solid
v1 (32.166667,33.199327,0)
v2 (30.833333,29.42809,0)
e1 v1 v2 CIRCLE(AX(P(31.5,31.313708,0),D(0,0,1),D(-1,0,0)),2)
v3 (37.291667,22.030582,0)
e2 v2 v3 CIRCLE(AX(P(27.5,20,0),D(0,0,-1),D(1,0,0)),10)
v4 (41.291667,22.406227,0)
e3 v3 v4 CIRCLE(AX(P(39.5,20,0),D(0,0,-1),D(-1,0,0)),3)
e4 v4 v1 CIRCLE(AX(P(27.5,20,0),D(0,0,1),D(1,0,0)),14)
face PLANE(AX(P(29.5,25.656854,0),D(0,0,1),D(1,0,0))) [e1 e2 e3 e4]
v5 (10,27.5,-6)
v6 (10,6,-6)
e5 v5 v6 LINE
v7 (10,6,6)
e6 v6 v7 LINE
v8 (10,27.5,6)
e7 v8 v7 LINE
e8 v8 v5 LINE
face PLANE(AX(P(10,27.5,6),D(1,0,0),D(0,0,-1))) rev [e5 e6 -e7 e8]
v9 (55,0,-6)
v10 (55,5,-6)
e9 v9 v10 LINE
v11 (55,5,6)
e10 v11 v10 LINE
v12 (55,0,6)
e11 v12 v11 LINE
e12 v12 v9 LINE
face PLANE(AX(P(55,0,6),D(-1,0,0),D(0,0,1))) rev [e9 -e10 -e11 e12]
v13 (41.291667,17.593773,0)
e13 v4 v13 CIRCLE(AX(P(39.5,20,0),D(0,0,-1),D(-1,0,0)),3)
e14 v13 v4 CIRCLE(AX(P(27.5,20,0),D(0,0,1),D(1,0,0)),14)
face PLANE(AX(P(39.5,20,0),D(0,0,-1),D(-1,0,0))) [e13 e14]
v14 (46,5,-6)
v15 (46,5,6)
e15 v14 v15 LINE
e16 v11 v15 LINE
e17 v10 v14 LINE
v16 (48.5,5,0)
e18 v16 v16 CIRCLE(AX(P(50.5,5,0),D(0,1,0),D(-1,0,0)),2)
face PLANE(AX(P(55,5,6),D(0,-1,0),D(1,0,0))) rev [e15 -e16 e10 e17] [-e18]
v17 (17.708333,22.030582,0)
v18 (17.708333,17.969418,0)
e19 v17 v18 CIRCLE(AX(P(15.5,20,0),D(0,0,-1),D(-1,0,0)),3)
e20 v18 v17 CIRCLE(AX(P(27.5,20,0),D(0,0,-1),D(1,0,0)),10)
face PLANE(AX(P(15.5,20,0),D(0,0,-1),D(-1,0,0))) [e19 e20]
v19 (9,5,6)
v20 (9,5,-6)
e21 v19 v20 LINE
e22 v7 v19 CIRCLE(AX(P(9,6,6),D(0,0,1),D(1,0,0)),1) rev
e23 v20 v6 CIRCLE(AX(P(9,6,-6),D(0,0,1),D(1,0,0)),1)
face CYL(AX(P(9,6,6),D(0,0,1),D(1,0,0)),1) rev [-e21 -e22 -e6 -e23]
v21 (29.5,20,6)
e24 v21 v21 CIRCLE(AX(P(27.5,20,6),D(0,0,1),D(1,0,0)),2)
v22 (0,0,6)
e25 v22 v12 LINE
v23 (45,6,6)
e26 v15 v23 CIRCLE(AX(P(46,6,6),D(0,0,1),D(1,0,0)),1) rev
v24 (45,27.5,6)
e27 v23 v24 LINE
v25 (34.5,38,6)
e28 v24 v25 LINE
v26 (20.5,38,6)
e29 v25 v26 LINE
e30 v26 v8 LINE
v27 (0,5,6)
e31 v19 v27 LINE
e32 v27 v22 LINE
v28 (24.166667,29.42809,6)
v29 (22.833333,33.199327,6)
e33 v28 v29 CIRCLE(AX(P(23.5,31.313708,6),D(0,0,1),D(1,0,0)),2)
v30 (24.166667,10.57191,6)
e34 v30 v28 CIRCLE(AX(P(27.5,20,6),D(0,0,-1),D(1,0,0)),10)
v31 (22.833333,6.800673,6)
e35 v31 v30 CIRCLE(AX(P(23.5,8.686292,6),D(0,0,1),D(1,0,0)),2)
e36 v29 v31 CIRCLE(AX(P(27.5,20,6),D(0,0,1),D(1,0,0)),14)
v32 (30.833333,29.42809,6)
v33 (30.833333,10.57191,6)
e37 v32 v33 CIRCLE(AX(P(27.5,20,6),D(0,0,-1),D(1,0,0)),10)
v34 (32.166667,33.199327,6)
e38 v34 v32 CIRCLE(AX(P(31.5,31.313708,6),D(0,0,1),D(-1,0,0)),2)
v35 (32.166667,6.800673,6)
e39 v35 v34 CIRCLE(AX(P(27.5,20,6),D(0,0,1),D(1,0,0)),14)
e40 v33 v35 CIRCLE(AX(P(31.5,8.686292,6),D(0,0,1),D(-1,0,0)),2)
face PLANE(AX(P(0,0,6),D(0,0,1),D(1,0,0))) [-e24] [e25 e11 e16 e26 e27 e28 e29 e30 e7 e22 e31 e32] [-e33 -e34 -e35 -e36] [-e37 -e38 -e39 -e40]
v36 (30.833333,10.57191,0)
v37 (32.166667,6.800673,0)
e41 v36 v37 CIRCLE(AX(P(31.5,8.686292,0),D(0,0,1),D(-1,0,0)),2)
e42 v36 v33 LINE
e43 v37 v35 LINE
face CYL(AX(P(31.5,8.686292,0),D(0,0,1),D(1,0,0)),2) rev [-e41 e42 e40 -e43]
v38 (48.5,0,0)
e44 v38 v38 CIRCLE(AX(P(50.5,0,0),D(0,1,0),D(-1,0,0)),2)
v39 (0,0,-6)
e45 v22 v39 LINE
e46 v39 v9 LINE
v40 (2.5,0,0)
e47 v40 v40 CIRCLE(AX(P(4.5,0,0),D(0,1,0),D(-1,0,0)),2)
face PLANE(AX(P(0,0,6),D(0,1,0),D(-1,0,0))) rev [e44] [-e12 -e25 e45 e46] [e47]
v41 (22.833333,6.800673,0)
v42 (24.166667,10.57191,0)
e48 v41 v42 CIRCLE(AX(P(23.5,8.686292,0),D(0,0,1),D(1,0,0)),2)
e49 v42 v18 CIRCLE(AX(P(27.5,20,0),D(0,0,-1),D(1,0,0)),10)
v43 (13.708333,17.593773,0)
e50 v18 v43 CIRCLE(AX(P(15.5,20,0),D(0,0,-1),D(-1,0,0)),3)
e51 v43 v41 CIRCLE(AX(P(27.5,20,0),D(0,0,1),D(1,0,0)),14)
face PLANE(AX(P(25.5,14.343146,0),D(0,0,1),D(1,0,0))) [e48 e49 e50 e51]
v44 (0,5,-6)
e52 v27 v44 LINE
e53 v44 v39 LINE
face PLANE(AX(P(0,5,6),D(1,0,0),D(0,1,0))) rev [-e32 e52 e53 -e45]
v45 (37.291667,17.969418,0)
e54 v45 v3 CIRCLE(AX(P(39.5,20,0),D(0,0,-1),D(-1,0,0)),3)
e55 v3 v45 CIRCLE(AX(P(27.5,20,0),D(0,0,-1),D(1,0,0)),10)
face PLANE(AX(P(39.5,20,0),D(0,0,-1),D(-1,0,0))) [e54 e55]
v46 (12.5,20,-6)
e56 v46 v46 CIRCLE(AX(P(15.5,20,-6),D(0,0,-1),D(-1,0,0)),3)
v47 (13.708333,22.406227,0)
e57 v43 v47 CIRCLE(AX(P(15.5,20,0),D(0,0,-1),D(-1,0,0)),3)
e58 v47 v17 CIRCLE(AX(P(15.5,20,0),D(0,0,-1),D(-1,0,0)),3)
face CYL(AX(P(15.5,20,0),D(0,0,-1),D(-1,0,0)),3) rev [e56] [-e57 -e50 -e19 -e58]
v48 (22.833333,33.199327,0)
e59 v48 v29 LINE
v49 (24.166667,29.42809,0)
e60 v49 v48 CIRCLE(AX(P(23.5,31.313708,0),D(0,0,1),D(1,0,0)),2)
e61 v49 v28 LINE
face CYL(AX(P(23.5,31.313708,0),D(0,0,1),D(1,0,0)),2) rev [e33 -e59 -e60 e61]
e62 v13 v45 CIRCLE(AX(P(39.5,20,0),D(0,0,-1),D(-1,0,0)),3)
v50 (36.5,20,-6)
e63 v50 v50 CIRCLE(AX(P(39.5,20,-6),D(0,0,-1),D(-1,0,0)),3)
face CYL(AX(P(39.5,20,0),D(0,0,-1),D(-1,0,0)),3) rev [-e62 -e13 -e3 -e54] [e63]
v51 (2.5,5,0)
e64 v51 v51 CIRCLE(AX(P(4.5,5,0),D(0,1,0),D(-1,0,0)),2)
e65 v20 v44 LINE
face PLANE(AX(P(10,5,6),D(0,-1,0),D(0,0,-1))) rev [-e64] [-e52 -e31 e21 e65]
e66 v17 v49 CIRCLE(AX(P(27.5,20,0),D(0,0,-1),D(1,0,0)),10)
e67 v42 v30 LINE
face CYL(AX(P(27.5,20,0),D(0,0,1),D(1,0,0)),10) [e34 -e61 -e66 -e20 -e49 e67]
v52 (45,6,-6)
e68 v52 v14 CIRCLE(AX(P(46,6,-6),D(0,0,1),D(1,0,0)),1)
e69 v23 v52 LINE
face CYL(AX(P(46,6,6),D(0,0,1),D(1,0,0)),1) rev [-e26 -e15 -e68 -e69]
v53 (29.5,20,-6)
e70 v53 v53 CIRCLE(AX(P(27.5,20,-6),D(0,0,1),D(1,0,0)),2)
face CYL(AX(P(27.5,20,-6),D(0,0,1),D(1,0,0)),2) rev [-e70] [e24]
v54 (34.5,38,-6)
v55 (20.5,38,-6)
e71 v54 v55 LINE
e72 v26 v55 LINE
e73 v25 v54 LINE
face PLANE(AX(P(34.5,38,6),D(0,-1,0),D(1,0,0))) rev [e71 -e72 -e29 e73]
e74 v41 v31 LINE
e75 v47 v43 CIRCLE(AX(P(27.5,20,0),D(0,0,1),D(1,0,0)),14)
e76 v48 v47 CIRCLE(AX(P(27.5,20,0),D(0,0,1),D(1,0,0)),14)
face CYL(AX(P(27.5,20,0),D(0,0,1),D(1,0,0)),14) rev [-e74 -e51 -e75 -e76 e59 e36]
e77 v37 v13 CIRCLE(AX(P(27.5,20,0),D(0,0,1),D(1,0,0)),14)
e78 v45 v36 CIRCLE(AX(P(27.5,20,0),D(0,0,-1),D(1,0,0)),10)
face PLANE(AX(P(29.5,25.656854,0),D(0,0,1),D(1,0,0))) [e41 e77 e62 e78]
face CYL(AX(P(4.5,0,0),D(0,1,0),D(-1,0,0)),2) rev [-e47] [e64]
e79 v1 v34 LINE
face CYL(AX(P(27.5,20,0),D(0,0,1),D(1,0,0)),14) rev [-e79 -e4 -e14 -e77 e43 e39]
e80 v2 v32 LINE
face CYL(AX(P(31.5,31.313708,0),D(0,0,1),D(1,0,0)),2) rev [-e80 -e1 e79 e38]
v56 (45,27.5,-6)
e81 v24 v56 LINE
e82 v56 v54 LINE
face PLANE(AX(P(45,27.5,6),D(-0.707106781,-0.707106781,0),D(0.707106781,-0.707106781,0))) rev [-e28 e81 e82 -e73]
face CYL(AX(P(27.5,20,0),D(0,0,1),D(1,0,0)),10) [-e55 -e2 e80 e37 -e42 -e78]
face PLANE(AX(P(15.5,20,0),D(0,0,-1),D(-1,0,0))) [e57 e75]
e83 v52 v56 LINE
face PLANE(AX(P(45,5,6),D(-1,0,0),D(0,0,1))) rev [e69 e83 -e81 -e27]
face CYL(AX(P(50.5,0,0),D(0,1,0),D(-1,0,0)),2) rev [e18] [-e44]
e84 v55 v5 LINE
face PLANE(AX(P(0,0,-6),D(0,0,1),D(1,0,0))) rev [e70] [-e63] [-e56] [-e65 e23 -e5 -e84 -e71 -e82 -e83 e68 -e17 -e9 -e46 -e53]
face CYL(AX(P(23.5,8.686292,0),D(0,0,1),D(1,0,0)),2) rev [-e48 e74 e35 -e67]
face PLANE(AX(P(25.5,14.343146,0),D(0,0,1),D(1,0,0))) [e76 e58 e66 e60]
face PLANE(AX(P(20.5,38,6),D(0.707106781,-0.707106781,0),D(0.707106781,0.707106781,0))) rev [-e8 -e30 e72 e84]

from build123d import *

# Parameters (mm, degrees)
BOSS_EXTRUDE1_DEPTH = 6
SKETCH2_R           = 2
CUT_EXTRUDE1_DEPTH  = 68.919069487
CUT_EXTRUDE2_DEPTH  = 6
SKETCH4_R           = 3
CUT_EXTRUDE3_DEPTH  = 6
SKETCH5_R           = 2
CUT_EXTRUDE4_DEPTH  = 65.420493634
FILLET1_R           = 1


with BuildPart() as part:
    # Sketch1 → Boss-Extrude1 (new, symmetric)
    with BuildSketch(Plane.XY):
        Polygon((0, 0), (55, 0), (55, 5), (45, 5), (45, 27.5), (34.5, 38), (20.5, 38), (10, 27.5), (10, 5), (0, 5), align=None)
    extrude(amount=BOSS_EXTRUDE1_DEPTH, both=True)

    # Sketch2 → Cut-Extrude1 (cut, through all)
    with BuildSketch(Plane.XY.offset(6)):
        with Locations((27.5, 20)):
            Circle(SKETCH2_R)
    extrude(amount=-CUT_EXTRUDE1_DEPTH, mode=Mode.SUBTRACT)

    # Sketch3 → Cut-Extrude2 (cut)
    with BuildSketch(Plane.XY.offset(6)):
        with BuildLine():
            ThreePointArc((24.166666667, 29.428090416), (17.5, 20), (24.166666667, 10.571909584))
            ThreePointArc((24.166666667, 10.571909584), (25.385618083, 8.019624834), (22.833333333, 6.800673418))
            ThreePointArc((22.833333333, 6.800673418), (13.5, 20), (22.833333333, 33.199326582))
            ThreePointArc((22.833333333, 33.199326582), (25.385618083, 31.980375166), (24.166666667, 29.428090416))
        make_face()
        with BuildLine():
            ThreePointArc((32.166666667, 6.800673418), (29.614381917, 8.019624834), (30.833333333, 10.571909584))
            ThreePointArc((30.833333333, 10.571909584), (37.5, 20), (30.833333333, 29.428090416))
            ThreePointArc((30.833333333, 29.428090416), (29.614381917, 31.980375166), (32.166666667, 33.199326582))
            ThreePointArc((32.166666667, 33.199326582), (41.5, 20), (32.166666667, 6.800673418))
        make_face()
    extrude(amount=-CUT_EXTRUDE2_DEPTH, mode=Mode.SUBTRACT)

    # Sketch4 → Cut-Extrude3 (cut)
    with BuildSketch(Plane(origin=(0, 0, -6), x_dir=(-1, 0, 0), z_dir=(0, 0, -1))):
        with Locations((-39.5, 20)):
            Circle(SKETCH4_R)
        with Locations((-15.5, 20)):
            Circle(SKETCH4_R)
    extrude(amount=-CUT_EXTRUDE3_DEPTH, mode=Mode.SUBTRACT)

    # Sketch5 → Cut-Extrude4 (cut, through all)
    with BuildSketch(Plane(origin=(0, 5, 0), x_dir=(1, 0, 0), z_dir=(0, 1, 0))):
        with Locations(Location((4.5, 0, 0), (0, 0, 180))):
            Circle(SKETCH5_R)
        with Locations(Location((50.5, 0, 0), (0, 0, 180))):
            Circle(SKETCH5_R)
    extrude(amount=-CUT_EXTRUDE4_DEPTH, mode=Mode.SUBTRACT)

    # Fillet1
    fillet1_edges = [part.edges().sort_by_distance(p)[0] for p in [
        (10, 5, 0),
        (45, 5, 0),
    ]]
    fillet(fillet1_edges, radius=FILLET1_R)


solid = part.part
